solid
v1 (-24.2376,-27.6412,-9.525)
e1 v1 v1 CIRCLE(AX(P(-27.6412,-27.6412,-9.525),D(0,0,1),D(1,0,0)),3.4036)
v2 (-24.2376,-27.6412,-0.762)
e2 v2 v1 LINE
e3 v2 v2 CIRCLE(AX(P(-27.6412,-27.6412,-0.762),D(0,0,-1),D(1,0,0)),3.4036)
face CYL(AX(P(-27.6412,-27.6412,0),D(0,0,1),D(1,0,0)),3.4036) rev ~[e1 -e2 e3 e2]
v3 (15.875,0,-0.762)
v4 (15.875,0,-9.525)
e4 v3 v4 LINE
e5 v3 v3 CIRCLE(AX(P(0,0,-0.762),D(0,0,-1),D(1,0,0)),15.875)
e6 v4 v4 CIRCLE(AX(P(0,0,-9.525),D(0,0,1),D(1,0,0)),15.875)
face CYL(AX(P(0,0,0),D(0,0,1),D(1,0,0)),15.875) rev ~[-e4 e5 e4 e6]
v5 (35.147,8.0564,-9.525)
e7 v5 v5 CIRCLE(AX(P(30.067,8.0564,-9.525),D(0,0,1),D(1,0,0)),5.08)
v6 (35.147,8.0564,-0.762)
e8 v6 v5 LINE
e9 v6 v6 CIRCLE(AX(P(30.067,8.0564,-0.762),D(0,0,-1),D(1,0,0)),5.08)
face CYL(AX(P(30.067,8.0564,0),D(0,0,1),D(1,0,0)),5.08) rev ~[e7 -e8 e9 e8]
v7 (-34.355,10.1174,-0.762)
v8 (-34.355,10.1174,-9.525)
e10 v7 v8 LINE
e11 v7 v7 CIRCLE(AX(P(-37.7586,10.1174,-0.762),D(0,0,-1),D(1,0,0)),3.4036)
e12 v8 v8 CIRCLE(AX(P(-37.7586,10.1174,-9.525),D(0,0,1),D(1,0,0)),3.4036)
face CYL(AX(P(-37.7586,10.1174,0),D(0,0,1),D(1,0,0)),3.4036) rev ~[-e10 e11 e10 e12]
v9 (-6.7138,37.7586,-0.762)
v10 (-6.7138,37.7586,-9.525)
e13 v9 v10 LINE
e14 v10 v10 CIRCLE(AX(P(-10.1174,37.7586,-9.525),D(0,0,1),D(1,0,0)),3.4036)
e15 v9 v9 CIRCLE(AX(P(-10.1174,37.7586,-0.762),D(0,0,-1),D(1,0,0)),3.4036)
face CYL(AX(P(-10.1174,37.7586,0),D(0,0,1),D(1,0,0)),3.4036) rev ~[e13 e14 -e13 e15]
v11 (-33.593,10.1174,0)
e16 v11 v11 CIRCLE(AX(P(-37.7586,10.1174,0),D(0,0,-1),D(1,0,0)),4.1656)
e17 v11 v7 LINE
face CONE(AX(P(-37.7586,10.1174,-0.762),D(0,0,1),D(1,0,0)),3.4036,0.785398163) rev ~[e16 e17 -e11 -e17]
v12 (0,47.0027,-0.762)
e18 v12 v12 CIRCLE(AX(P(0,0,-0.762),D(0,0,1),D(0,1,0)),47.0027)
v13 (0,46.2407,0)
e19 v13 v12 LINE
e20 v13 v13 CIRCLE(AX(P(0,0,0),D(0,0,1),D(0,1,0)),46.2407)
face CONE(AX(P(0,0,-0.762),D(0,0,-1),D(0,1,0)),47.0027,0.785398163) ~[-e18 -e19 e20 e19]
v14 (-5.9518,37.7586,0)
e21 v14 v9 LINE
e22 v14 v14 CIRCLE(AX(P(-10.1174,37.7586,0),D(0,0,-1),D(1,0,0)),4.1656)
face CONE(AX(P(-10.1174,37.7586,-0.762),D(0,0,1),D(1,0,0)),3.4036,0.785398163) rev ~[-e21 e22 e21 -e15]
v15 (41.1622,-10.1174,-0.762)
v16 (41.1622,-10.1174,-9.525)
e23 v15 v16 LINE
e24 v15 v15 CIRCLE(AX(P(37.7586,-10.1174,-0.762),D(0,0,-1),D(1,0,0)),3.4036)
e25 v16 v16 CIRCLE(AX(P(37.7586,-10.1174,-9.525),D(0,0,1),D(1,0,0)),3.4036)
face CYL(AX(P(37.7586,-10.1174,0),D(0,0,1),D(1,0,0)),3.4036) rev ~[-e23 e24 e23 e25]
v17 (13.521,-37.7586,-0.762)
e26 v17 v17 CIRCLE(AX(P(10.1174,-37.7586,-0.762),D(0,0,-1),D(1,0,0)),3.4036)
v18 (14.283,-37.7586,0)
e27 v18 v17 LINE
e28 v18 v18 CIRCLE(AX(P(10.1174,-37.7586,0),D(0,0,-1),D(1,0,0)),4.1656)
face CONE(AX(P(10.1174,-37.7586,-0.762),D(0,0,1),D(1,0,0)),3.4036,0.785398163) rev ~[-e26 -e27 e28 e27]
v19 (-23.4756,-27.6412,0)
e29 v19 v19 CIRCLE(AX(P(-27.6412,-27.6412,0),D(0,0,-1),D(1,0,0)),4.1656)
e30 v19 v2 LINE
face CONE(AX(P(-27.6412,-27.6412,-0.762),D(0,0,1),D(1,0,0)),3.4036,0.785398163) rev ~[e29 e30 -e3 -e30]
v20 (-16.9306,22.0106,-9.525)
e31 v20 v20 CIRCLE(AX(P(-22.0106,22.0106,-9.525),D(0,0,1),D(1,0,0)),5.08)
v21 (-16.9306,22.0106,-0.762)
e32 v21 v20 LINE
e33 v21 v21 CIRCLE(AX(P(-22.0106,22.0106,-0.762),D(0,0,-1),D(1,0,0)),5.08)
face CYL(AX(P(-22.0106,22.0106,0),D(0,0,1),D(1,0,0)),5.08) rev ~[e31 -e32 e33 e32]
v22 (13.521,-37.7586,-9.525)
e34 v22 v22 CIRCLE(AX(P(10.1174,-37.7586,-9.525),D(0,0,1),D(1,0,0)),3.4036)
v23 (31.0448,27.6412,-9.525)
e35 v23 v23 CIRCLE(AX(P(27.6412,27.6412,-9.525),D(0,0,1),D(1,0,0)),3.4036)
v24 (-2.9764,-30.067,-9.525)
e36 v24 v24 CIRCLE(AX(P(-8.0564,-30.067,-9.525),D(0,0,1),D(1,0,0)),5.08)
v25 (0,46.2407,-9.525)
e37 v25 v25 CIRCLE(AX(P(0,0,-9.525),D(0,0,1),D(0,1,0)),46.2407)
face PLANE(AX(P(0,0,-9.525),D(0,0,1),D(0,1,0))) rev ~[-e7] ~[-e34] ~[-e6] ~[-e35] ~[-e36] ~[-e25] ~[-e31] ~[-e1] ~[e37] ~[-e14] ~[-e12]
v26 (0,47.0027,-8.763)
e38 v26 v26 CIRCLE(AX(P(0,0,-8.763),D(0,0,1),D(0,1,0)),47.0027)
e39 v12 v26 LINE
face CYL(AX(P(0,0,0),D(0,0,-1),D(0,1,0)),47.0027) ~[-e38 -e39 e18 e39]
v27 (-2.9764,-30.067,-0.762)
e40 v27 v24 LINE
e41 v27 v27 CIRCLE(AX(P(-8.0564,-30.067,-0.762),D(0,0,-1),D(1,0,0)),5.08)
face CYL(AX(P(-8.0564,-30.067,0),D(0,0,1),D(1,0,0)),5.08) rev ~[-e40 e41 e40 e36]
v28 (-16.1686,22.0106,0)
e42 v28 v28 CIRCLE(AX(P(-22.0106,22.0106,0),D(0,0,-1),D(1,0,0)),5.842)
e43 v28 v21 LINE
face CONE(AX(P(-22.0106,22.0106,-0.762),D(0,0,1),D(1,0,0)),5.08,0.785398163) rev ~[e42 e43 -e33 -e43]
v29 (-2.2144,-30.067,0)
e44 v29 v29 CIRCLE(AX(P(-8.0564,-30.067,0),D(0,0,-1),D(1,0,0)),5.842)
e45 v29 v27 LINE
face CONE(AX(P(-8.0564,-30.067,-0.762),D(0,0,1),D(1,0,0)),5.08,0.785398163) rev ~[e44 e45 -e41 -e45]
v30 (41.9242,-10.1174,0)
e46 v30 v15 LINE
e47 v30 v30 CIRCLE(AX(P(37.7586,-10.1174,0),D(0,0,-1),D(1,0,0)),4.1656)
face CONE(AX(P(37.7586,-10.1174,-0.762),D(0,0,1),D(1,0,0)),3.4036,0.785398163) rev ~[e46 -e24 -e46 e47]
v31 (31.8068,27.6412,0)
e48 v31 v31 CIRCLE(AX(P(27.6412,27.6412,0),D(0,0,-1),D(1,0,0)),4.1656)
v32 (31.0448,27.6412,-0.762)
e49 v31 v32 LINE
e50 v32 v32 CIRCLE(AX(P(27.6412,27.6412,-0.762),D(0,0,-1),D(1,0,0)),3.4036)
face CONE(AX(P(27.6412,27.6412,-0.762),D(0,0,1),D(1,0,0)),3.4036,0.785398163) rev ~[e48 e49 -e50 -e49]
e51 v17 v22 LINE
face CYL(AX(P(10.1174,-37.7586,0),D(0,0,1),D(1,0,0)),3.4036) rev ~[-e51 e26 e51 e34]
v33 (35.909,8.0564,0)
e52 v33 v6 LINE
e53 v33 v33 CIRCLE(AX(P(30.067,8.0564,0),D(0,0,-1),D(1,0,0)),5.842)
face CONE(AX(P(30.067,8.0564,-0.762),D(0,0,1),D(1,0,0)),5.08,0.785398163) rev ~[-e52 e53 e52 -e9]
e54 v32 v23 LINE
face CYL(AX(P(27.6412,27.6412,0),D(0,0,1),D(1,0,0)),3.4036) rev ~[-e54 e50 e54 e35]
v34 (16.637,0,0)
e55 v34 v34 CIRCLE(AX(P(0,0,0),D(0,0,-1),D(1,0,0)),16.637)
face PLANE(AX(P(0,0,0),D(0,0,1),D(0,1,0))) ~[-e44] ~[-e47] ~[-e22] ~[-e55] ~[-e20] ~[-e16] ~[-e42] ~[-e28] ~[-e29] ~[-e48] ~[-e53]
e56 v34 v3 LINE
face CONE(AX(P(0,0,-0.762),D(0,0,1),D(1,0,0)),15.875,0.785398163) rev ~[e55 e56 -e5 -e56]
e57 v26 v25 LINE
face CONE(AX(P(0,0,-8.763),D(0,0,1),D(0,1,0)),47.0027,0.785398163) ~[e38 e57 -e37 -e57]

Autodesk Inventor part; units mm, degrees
ref_plane "YZ Plane" through (0, 0, 0) normal (1, 0, 0) x (0, 1, 0)
ref_plane "XZ Plane" through (0, 0, 0) normal (0, 1, 0) x (-1, 0, 0)
ref_plane "XY Plane" through (0, 0, 0) normal (0, 0, 1) x (1, 0, 0)
sketch "Sketch1" plane through (0, 0, 0) normal (1, 0, 0) x (0, 1, 0)
  line L0 (0, 0) -> (47.0027, 0)
  line L1 (47.0027, 0) -> (47.0027, -9.525)
  line L2 (47.0027, -9.525) -> (0, -9.525)
  line L3 (0, -9.525) -> (0, 0)
  dimension "d0" = 47.0027
  dimension "d1" = 9.525
revolve "Revolution1" add sketch "Sketch1" angle 360 about axis through (0, 0, -9.525) along (0, 0, 1)
sketch "Sketch2" plane through (0, 0, 0) normal (0, 0, 1) x (1, 0, 0)
  circle A0 centre (0, 0) radius 39.0906
  line L0 (0, 0) -> (27.6412, 27.6412)
  line L1 (0, 0) -> (39.0906, 0) construction
  circle A1 centre (27.6412, 27.6412) radius 3.4036
  circle A2 centre (37.7586, -10.1174) radius 3.4036
  circle A3 centre (10.1174, -37.7586) radius 3.4036
  circle A4 centre (-27.6412, -27.6412) radius 3.4036
  circle A5 centre (-37.7586, 10.1174) radius 3.4036
  circle A6 centre (-10.1174, 37.7586) radius 3.4036
  point P0 (0, 0)
  dimension "d3" = 78.1812
  dimension "d4" = 45
  dimension "d5" = 6.8072
  dimension "d8" = 360
extrude "Extrusion1" cut sketch "Sketch2" against normal blind 9.525 contours A1 L0 A0 | A0 A1 | A2 A0 | A0 A2 | L0 A1 A0 | A3 A0 | A0 A3 | A6 A0 | A0 A6 | A4 A0 | A0 A4 | A5 A0 | A0 A5
sketch "Sketch3" plane through (0, 0, 0) normal (0, 0, 1) x (1, 0, 0)
  circle A0 centre (0, 0) radius 31.1277
  line L0 (0, 0) -> (-22.0106, 22.0106)
  line L1 (0, 0) -> (31.1277, 0) construction
  circle A1 centre (-27.6412, -27.6412) radius 3.4036 projected
  circle A2 centre (-22.0106, 22.0106) radius 5.08
  circle A3 centre (-8.0564, -30.067) radius 5.08
  circle A4 centre (30.067, 8.0564) radius 5.08
  circle A5 centre (0, 0) radius 15.875
  point P0 (0, 0)
  dimension "d12" = 62.2554
  dimension "d13" = 135
  dimension "d14" = 10.16
  dimension "d17" = 360
  dimension "d21" = 31.75
extrude "Extrusion2" cut sketch "Sketch3" against normal blind 9.525 contours A5 | A4 A0 | A0 A4 | A3 A0 | A0 A3 | A2 L0 A0 | A0 A2 | A0 L0 A2
chamfer "Chamfer1" distance 0.762 angle 45 12 edges at (-15.875, 0, 0) (0, -47.0027, 0) (0, -47.0027, -9.525) (24.987, 8.0564, 0) (24.2376, 27.6412, 0) (-13.521, 37.7586, 0) (-27.0906, 22.0106, 0) (-41.1622, 10.1174, 0) (-31.0448, -27.6412, 0) (-13.1364, -30.067, 0) (6.7138, -37.7586, 0) (34.355, -10.1174, 0)
properties part number "Motor_Adapter_Flex"
